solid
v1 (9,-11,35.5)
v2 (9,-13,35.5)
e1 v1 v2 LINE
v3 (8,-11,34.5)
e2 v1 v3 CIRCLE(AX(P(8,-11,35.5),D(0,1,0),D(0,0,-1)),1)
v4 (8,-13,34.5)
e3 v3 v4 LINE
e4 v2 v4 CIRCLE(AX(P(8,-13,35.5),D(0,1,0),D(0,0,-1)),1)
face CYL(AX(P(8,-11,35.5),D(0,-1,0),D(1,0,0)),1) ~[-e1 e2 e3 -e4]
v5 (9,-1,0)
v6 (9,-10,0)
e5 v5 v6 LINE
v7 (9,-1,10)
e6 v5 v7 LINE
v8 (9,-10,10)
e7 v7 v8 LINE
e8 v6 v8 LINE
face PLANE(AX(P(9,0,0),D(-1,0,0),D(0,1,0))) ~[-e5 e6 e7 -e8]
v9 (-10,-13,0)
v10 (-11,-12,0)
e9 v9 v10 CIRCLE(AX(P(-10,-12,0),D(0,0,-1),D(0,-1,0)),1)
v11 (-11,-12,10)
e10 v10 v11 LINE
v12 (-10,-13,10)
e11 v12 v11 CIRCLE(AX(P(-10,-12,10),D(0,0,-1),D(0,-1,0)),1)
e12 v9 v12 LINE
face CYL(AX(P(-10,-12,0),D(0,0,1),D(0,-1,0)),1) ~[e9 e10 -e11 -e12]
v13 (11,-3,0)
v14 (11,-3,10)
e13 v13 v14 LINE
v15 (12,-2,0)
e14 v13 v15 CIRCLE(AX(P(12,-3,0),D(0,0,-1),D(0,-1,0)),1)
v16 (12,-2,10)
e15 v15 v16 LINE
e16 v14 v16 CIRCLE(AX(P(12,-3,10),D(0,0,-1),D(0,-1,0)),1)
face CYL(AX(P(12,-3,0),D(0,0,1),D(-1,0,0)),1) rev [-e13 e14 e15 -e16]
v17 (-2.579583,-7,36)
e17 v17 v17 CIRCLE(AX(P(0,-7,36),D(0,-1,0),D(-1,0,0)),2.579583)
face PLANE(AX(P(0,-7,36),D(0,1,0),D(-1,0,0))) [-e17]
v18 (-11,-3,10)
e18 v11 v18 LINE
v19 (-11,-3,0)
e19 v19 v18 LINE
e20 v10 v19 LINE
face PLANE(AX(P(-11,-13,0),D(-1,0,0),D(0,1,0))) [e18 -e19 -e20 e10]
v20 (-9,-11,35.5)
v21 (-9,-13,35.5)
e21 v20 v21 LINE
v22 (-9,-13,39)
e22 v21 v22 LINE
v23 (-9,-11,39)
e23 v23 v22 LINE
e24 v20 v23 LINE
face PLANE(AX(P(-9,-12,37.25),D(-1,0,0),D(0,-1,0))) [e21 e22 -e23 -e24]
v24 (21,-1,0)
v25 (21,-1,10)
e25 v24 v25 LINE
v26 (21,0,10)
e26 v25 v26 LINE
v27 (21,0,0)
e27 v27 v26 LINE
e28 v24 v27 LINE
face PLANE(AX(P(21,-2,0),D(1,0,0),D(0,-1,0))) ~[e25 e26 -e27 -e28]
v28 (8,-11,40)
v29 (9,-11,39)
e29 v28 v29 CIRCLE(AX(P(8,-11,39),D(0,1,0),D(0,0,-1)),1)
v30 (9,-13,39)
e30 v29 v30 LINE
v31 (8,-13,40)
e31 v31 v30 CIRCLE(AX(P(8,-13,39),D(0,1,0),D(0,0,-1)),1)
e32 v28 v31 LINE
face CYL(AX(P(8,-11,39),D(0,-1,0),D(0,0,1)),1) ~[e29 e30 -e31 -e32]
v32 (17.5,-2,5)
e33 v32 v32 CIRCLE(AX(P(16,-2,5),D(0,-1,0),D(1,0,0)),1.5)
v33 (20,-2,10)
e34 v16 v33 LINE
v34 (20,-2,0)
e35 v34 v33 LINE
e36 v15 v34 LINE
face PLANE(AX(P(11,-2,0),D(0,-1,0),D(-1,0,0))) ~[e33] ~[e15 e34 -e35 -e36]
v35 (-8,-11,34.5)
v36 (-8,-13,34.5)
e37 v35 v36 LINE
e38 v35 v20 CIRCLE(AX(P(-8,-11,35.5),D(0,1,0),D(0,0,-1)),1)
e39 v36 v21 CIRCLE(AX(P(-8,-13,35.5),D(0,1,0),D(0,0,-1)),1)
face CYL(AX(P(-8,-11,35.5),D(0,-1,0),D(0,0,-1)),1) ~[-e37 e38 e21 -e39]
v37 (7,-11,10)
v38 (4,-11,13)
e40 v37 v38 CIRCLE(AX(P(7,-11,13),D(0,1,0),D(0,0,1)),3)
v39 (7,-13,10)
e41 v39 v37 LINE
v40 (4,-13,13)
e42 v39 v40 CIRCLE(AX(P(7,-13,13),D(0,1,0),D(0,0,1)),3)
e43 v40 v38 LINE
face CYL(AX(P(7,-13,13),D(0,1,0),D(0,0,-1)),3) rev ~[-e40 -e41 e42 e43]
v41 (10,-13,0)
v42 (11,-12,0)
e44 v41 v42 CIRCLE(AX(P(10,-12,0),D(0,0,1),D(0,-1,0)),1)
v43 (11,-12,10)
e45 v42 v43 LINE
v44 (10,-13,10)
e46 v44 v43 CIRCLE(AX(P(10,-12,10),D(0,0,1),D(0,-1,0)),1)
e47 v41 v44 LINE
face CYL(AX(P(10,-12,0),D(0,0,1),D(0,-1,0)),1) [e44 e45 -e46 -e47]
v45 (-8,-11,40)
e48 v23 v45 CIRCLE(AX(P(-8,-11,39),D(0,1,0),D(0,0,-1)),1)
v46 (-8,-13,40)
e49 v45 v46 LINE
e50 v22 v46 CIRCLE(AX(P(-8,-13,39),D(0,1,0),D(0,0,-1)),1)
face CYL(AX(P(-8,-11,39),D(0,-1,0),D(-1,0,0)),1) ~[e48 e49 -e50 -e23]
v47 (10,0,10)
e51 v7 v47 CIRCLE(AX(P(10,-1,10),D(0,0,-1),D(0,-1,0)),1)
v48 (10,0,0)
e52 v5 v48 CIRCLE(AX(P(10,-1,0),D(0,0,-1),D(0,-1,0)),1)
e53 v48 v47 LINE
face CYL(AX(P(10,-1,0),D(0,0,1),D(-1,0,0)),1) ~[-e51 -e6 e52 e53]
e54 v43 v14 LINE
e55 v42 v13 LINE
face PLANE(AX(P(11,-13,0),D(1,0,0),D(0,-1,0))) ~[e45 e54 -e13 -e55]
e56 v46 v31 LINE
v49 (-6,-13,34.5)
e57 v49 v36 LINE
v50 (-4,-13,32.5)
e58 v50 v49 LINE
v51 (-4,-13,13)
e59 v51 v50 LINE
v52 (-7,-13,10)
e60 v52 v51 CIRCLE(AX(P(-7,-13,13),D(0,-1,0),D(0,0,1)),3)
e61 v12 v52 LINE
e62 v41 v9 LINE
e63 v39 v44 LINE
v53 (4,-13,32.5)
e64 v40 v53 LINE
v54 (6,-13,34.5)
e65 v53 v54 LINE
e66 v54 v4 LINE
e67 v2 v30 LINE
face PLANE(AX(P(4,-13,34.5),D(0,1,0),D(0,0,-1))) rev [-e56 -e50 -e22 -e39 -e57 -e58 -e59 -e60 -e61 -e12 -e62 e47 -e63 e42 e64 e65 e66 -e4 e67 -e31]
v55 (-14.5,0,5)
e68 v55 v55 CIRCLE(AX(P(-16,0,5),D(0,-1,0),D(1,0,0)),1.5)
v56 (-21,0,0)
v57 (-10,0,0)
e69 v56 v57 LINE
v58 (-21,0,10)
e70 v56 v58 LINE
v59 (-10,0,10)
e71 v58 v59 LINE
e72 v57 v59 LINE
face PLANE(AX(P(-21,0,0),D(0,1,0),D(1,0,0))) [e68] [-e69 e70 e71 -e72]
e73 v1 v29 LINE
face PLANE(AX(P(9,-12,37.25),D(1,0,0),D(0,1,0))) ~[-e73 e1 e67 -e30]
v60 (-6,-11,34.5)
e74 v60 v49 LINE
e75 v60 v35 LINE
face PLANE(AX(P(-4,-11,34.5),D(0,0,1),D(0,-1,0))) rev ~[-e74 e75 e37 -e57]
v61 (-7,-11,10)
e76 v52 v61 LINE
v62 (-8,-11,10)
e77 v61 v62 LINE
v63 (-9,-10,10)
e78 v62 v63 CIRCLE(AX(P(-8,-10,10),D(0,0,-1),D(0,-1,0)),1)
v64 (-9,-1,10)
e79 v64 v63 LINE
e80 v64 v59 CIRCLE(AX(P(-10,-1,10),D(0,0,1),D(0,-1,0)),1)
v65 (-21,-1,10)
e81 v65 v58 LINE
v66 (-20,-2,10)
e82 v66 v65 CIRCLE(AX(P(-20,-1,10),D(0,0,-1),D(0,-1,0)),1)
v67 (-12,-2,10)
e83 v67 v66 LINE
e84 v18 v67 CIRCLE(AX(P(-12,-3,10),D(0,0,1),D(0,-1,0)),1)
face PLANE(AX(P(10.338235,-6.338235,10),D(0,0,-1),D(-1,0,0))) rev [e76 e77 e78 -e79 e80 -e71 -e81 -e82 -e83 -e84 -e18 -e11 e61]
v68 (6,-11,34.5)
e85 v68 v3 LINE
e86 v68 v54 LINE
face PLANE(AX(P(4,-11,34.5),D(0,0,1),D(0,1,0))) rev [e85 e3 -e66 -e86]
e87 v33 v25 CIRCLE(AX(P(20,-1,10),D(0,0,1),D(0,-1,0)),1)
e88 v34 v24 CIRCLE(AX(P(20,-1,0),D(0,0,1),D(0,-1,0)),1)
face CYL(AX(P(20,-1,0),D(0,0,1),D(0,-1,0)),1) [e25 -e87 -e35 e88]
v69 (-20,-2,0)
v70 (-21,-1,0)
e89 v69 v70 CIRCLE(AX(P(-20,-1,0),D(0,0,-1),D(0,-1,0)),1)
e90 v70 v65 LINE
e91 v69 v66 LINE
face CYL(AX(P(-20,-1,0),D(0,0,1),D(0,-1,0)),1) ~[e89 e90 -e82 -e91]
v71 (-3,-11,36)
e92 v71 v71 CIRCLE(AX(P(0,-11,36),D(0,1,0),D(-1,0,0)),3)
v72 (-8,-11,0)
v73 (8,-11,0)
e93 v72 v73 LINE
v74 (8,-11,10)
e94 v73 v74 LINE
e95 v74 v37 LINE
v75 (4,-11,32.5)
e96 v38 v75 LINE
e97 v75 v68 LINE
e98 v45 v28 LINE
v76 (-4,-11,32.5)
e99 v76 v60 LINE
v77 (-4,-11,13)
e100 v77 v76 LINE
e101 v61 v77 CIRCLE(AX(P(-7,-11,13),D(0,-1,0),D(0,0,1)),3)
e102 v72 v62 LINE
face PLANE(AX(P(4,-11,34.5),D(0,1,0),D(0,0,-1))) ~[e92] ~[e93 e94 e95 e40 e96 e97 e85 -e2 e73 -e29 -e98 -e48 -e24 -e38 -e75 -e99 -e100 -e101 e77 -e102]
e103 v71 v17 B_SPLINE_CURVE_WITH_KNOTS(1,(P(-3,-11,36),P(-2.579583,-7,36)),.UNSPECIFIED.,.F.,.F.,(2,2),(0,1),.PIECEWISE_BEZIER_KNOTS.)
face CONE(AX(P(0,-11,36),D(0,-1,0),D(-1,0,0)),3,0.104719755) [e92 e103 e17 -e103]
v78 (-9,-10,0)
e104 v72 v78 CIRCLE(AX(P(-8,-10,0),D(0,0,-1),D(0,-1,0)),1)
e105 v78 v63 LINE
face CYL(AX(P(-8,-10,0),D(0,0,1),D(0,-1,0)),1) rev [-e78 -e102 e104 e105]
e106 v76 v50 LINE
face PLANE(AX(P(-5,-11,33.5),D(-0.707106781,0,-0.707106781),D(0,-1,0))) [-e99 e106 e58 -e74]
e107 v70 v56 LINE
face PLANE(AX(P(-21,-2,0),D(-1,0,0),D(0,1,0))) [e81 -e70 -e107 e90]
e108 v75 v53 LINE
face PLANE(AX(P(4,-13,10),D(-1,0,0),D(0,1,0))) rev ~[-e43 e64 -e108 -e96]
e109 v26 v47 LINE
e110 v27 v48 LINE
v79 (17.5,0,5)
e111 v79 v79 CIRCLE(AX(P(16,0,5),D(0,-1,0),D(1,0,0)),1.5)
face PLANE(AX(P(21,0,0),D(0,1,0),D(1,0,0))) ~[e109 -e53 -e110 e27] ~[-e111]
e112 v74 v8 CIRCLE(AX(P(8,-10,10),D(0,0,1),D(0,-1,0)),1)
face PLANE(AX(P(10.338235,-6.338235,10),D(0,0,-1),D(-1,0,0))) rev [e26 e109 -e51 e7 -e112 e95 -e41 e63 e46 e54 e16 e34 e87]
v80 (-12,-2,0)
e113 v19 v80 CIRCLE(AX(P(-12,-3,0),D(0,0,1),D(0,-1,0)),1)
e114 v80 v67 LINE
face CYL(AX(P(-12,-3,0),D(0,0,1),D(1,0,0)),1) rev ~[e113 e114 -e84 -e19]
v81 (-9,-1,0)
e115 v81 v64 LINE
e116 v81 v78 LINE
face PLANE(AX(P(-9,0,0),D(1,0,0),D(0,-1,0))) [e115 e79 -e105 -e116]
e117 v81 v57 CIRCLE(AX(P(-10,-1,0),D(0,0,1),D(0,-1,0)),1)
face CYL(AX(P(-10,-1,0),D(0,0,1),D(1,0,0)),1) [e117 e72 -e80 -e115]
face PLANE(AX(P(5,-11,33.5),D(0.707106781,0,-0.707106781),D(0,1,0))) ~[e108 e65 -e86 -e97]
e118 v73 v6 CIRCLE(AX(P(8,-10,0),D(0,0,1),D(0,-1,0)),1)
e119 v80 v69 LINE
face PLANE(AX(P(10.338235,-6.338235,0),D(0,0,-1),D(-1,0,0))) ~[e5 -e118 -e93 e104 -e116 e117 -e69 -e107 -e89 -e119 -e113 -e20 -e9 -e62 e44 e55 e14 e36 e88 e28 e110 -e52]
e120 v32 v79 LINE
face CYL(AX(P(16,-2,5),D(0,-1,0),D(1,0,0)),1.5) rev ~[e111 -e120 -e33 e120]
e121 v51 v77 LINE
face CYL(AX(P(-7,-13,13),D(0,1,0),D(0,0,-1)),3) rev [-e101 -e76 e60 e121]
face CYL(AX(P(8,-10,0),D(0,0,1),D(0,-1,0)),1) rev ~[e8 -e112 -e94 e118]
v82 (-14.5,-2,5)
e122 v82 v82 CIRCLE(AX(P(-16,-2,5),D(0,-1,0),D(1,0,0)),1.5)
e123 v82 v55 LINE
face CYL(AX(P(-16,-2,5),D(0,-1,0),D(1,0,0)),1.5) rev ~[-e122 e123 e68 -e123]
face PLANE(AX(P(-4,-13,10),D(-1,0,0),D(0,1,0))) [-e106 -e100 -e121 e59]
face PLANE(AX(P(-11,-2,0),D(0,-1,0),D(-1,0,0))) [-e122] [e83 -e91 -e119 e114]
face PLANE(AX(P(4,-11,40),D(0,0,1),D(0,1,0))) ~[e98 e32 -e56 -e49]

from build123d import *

# Parameters (mm, degrees)
PAD_DEPTH    = 10
SKETCH001_W  = 8
SKETCH001_H  = 2
PAD001_DEPTH = 30
SKETCH002_R  = 3
PAD002_DEPTH = 4
PAD002_TAPER = 6
SKETCH004_W  = 2
SKETCH004_H  = 5.5
PAD003_DEPTH = 5
SKETCH005_R  = 1.5
HOLE_DEPTH   = 2.001
FILLET_R     = 1
FILLET001_R  = 3
CHAMFER_SIZE = 2
FILLET002_R  = 1


with BuildPart() as part:
    # Sketch → Pad (new body)
    with BuildSketch(Plane.XY):
        Polygon((-21, 0), (-9, 0), (-9, -11), (0, -11), (0, -13), (-11, -13), (-11, -2), (-21, -2), align=None)
    pad = extrude(amount=PAD_DEPTH)

    # Mirrored: Pad across Sketch V_Axis
    add(pad.mirror(Plane(origin=(0, 0, 0), x_dir=(0, 0, 1), z_dir=(1, 0, 0))))

    # Sketch001 (on Face11 of Mirrored) → Pad001 (join)
    with BuildSketch(Plane.XY.offset(10)):
        with Locations((0, -12)):
            Rectangle(SKETCH001_W, SKETCH001_H)
    extrude(amount=PAD001_DEPTH)

    # Sketch002 (on Face13 of Pad001) → Pad002 (join)
    with BuildSketch(Plane(origin=(0, -11, 0), x_dir=(-1, 0, 0), z_dir=(0, 1, 0))):
        with Locations((0, 36)):
            Circle(SKETCH002_R)
    extrude(amount=PAD002_DEPTH, taper=PAD002_TAPER)

    # Sketch004 (on Face11 of Pad002) → Pad003 (join)
    with BuildSketch(Plane(origin=(-4, 0, 0), x_dir=(0, -1, 0), z_dir=(-1, 0, 0))):
        with Locations((12, 37.25)):
            Rectangle(SKETCH004_W, SKETCH004_H)
    pad003 = extrude(amount=PAD003_DEPTH)

    # Mirrored001: Pad003 across YZ
    add(pad003.mirror(Plane.YZ))

    # Sketch005 (on Face6 of Mirrored001) → Hole (cut, through all)
    with BuildSketch(Plane.XZ.offset(2)):
        with Locations((-16, 5)):
            Circle(SKETCH005_R)
        with Locations((16, 5)):
            Circle(SKETCH005_R)
    extrude(amount=-HOLE_DEPTH, mode=Mode.SUBTRACT)

    # Fillet
    fillet_edges = [part.edges().sort_by_distance(p)[0] for p in [
        (-21, -2, 5),
        (-11, -2, 5),
        (-11, -13, 5),
        (11, -13, 5),
        (21, -2, 5),
        (11, -2, 5),
        (9, -11, 5),
        (9, 0, 5),
        (-9, 0, 5),
        (-9, -11, 5),
    ]]
    fillet(fillet_edges, radius=FILLET_R)

    # Fillet001
    fillet001_edges = [part.edges().sort_by_distance(p)[0] for p in [
        (-4, -12, 10),
        (4, -12, 10),
    ]]
    fillet(fillet001_edges, radius=FILLET001_R)

    # Chamfer
    chamfer_edges = [part.edges().sort_by_distance(p)[0] for p in [
        (4, -12, 34.5),
        (-4, -12, 34.5),
    ]]
    chamfer(chamfer_edges, length=CHAMFER_SIZE)

    # Fillet002
    fillet002_edges = [part.edges().sort_by_distance(p)[0] for p in [
        (-9, -12, 34.5),
        (-9, -12, 40),
        (9, -12, 34.5),
        (9, -12, 40),
    ]]
    fillet(fillet002_edges, radius=FILLET002_R)


solid = part.part
